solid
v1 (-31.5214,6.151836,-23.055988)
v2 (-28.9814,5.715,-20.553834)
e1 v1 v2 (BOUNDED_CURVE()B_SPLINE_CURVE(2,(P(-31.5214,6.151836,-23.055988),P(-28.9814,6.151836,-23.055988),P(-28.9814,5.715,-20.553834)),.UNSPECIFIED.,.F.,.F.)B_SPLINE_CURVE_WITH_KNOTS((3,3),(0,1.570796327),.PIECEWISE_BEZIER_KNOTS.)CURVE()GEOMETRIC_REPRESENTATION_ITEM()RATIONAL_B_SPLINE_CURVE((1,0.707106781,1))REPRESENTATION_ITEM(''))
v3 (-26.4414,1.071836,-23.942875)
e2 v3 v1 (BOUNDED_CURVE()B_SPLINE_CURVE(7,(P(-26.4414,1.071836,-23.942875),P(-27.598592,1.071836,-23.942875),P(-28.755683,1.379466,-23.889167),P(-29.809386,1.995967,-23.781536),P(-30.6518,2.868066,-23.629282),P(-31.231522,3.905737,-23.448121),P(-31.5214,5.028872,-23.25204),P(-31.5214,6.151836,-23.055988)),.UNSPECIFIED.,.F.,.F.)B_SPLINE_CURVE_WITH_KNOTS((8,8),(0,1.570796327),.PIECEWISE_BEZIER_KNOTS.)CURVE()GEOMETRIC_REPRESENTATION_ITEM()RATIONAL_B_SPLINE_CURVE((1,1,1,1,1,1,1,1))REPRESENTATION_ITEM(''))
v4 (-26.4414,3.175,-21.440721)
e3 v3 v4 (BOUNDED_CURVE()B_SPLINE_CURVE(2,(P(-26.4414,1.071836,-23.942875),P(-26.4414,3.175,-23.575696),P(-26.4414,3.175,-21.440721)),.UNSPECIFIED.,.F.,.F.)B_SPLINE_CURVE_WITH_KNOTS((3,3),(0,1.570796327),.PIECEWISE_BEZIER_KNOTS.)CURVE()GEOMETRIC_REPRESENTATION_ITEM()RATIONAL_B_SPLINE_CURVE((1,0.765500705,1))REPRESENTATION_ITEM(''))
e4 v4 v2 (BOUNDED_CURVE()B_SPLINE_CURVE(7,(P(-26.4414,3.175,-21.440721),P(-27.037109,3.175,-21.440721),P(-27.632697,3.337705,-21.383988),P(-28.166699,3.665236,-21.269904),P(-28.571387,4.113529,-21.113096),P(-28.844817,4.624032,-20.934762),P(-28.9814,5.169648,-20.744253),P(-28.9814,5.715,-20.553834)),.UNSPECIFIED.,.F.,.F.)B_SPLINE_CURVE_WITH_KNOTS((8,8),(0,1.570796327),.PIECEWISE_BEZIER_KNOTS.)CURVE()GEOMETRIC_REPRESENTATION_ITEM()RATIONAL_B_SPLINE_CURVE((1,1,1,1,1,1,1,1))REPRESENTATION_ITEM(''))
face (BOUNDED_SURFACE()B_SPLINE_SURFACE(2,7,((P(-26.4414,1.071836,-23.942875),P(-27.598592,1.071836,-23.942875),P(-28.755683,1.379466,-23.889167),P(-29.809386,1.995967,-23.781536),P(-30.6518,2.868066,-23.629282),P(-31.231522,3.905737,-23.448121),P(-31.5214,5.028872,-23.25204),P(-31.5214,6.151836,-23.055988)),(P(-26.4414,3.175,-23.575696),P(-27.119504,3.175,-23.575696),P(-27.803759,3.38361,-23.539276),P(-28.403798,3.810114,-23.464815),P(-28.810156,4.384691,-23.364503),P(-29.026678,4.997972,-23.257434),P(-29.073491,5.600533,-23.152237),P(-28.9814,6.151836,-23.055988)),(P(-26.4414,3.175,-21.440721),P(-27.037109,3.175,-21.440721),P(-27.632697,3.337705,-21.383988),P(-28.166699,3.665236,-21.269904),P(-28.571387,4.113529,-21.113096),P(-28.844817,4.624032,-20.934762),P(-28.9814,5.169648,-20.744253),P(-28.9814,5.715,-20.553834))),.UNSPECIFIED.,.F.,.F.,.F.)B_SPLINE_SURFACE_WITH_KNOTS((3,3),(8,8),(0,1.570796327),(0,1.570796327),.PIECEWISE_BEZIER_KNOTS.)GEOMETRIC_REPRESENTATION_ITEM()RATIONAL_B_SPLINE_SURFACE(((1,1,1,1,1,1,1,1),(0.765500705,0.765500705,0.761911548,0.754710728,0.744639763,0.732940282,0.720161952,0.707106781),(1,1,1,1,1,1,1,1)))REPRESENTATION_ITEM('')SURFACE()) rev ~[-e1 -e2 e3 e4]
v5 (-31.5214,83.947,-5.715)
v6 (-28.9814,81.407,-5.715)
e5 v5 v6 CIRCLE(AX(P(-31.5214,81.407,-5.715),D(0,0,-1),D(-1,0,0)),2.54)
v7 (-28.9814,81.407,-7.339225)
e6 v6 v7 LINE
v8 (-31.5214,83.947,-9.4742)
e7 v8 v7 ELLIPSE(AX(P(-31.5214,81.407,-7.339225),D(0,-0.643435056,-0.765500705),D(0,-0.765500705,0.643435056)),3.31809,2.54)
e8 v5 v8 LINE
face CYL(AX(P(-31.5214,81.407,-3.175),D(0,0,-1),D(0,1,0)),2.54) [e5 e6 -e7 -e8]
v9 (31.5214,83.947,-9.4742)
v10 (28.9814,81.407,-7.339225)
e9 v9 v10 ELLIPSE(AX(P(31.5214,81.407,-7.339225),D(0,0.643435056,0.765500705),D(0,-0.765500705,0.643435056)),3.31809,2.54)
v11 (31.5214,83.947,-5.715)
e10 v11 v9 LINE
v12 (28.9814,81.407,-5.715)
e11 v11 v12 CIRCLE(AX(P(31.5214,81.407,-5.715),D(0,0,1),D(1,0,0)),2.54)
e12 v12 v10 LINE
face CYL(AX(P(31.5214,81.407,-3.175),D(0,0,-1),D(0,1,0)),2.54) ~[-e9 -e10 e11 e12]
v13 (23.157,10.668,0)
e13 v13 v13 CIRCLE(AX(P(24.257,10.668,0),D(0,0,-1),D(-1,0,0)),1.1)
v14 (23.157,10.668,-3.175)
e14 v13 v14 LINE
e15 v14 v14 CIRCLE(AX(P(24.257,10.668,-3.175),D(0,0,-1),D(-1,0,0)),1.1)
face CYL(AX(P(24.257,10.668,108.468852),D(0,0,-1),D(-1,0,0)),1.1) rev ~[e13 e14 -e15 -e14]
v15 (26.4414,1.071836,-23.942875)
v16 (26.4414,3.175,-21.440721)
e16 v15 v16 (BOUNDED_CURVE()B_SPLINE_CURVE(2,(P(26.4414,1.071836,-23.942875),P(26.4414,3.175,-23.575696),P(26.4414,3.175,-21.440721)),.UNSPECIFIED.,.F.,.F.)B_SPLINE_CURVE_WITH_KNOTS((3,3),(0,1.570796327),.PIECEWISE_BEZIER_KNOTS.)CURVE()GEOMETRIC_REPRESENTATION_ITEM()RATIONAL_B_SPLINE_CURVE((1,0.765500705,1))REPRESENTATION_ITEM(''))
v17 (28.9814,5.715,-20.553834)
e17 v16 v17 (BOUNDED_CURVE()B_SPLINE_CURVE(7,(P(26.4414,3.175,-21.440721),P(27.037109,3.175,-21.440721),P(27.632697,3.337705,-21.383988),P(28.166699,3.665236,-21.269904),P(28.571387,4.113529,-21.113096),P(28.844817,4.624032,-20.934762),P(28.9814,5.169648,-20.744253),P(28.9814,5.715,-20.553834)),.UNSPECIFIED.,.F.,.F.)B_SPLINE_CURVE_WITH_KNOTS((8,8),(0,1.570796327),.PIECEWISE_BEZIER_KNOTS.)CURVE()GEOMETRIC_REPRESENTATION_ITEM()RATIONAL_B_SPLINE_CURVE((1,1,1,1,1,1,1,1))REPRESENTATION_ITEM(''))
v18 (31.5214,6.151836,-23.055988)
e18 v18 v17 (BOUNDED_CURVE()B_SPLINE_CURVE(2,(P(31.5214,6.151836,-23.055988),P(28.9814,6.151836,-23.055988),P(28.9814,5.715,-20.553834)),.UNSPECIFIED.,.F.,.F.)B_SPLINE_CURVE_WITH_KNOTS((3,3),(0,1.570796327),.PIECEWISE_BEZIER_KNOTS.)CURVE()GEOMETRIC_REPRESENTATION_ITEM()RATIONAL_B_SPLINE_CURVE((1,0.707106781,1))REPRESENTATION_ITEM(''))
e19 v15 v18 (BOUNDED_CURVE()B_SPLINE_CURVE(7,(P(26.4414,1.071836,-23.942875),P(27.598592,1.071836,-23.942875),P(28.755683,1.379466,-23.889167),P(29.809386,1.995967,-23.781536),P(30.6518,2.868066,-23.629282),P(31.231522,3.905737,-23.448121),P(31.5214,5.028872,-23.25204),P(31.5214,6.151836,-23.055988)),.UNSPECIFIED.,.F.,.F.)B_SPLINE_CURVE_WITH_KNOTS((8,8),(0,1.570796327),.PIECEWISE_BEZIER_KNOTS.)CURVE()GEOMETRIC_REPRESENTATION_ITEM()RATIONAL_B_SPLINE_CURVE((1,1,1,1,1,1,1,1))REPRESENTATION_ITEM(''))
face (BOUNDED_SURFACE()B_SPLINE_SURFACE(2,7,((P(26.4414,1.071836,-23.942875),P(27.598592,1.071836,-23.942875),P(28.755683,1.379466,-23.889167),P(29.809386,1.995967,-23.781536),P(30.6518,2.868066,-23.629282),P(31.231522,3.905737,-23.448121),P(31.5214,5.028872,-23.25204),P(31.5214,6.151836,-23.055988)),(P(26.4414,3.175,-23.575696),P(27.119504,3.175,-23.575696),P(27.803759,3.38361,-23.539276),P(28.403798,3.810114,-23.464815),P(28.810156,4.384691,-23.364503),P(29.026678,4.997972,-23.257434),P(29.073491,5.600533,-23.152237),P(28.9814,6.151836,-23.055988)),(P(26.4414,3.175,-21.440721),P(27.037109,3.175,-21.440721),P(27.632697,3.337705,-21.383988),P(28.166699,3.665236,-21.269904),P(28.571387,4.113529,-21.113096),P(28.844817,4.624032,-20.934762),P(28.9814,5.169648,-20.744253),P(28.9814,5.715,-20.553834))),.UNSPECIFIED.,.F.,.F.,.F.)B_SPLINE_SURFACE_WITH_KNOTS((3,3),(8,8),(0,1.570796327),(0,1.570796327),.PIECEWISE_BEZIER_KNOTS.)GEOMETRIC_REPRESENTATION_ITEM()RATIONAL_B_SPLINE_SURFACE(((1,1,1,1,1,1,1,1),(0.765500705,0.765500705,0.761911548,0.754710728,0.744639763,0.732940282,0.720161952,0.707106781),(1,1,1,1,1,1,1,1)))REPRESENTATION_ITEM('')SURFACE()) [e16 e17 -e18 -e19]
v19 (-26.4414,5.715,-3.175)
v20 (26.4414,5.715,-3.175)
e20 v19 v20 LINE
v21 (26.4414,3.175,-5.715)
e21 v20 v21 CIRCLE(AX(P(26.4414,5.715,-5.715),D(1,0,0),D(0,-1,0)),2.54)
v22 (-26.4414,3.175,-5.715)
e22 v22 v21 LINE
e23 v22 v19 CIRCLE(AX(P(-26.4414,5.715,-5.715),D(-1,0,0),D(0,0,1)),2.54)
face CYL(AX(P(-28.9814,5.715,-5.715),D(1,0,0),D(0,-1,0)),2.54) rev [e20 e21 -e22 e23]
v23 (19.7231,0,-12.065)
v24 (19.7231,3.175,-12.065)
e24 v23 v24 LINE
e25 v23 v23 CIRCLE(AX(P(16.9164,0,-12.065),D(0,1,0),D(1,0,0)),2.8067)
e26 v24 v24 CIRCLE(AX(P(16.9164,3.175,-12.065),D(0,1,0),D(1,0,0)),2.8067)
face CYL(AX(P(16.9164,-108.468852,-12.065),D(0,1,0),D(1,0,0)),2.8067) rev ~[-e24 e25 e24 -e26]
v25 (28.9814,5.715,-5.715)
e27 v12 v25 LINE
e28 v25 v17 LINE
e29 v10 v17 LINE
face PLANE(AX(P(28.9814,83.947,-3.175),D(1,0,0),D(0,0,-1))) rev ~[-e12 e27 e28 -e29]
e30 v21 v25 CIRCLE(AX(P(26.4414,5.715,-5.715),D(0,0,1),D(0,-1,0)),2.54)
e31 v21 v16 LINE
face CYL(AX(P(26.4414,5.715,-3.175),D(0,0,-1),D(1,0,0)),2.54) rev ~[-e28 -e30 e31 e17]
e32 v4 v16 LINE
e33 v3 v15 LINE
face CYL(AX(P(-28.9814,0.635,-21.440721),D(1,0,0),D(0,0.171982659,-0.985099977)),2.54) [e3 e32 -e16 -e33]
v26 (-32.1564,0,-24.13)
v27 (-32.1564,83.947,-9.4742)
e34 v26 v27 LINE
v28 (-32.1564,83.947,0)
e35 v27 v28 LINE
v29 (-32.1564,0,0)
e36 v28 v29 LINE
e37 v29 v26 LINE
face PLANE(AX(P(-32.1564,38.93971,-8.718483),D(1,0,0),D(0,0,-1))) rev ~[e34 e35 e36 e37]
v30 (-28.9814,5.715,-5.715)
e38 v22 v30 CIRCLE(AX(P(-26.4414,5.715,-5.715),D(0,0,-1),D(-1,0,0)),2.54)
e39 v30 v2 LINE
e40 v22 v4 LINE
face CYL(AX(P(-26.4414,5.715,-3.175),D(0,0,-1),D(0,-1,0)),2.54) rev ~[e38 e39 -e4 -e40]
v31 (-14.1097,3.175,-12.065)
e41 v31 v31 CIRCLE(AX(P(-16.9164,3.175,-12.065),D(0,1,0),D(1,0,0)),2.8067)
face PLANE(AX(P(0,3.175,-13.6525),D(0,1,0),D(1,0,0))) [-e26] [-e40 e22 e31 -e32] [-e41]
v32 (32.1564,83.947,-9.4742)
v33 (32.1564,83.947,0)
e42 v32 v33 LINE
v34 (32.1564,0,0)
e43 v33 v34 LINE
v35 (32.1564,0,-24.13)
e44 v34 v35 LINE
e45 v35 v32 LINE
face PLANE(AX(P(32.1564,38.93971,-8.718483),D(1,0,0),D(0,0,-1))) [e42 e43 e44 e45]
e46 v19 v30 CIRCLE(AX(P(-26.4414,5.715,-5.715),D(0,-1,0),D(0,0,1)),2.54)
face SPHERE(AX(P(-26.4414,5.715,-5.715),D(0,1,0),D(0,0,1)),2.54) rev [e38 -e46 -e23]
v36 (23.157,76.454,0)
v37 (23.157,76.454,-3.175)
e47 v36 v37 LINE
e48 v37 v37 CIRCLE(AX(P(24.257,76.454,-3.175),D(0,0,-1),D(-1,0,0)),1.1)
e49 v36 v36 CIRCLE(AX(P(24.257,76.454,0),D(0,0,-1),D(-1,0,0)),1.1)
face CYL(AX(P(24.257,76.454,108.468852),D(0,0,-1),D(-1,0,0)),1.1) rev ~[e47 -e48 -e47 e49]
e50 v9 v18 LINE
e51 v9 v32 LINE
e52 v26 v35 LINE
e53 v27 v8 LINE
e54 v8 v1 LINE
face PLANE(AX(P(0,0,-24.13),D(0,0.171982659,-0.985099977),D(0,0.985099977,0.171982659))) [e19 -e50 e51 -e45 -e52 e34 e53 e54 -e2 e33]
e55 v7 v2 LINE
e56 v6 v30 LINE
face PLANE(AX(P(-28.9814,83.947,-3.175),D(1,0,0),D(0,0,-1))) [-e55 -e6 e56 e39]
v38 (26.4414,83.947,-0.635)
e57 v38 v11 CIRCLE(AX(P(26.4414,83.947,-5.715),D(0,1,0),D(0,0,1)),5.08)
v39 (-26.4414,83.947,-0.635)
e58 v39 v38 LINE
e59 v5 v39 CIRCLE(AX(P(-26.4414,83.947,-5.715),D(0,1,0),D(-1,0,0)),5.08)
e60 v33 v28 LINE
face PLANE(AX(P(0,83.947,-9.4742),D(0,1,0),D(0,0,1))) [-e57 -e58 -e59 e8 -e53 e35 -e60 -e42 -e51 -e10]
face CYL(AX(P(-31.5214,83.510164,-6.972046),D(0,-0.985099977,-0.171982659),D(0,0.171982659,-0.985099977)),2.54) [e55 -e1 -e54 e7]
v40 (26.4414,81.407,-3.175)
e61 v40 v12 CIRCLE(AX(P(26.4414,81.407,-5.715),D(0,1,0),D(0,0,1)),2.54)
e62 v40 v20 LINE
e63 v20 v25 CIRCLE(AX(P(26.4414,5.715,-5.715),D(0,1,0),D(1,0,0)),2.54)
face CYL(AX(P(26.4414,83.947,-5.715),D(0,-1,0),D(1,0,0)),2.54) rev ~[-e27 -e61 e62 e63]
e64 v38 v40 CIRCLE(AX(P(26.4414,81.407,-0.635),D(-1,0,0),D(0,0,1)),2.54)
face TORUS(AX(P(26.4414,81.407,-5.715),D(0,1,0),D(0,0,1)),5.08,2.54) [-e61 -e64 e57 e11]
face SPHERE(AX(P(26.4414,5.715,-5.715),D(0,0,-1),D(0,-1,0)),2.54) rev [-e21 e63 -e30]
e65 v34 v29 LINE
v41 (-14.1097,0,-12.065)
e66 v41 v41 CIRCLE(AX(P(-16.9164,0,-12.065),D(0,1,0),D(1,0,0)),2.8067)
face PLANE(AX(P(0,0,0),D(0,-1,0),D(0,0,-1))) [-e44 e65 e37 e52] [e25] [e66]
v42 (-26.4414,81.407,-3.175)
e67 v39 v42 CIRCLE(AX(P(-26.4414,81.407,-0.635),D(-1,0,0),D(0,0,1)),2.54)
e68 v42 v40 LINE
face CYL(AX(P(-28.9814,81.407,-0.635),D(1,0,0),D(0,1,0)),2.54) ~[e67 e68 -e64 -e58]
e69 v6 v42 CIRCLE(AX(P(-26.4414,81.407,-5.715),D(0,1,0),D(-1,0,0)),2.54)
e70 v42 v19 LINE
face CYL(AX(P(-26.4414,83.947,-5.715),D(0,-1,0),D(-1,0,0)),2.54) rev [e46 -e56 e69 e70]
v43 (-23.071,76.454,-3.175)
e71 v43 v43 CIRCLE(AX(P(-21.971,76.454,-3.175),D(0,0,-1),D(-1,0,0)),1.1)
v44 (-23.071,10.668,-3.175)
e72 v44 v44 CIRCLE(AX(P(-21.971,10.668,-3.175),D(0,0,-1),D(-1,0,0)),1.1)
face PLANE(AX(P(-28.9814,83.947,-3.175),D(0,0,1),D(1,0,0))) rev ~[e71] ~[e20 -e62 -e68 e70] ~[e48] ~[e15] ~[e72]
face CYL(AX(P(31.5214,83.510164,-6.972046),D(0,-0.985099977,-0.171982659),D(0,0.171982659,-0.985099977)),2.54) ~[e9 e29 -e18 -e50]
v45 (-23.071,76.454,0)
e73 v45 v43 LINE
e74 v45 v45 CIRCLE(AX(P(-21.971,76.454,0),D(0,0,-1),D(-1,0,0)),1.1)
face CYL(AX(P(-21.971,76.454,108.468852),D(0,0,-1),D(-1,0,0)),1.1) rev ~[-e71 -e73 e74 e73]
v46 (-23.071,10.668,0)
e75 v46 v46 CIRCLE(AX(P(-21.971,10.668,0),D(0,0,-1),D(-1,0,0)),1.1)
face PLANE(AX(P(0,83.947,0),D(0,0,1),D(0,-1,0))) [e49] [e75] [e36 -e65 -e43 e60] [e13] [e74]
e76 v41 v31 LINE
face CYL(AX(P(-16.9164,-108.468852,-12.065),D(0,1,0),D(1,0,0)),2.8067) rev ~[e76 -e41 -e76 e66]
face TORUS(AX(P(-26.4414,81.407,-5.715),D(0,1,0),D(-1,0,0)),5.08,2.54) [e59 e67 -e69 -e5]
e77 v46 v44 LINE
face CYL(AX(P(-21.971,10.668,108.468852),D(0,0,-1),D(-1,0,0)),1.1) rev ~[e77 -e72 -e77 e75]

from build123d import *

# Parameters (mm, degrees)
BOSS_EXTRUDE1_DEPTH        = 32.1564
SKETCH2_W                  = 57.9628
SKETCH2_H                  = 20.955
CUT_EXTRUDE1_DEPTH         = 80.772
M2_CLEARANCE_HOLE1_D       = 2.2
F_2_0_221_DIAMETER_HOLE1_D = 5.6134
FILLET1_R                  = 2.54


with BuildPart() as part:
    # Sketch1 → Boss-Extrude1 (new body, symmetric)
    with BuildSketch(Plane(origin=(0, 0, 0), x_dir=(0, 0, -1), z_dir=(1, 0, 0))):
        Polygon((0, 0), (24.13, 0), (9.4742, 83.947), (0, 83.947), align=None)
    extrude(amount=BOSS_EXTRUDE1_DEPTH, both=True)

    # Sketch2 → Cut-Extrude1 (cut)
    with BuildSketch(Plane(origin=(0, 83.947, 0), x_dir=(1, 0, 0), z_dir=(0, 1, 0))):
        with Locations((0, 13.6525)):
            Rectangle(SKETCH2_W, SKETCH2_H)
    extrude(amount=-CUT_EXTRUDE1_DEPTH, mode=Mode.SUBTRACT)

    # M2 Clearance Hole1 (through all)
    with Locations(Plane.XY):
        with Locations((-21.971, 76.454), (24.257, 76.454), (24.257, 10.668), (-21.971, 10.668)):
            Hole(M2_CLEARANCE_HOLE1_D / 2)

    # #2 (0.221) Diameter Hole1 (through all)
    with Locations(Plane(origin=(0, 0, 0), x_dir=(-1, 0, 0), z_dir=(0, -1, 0))):
        with Locations((-16.9164, 12.065), (16.9164, 12.065)):
            Hole(F_2_0_221_DIAMETER_HOLE1_D / 2)

    # Fillet1
    fillet1_edges = [part.edges().sort_by_distance(p)[0] for p in [
        (0, 3.175, -23.575695915),
        (28.9814, 43.561, -16.524947958),
        (-28.9814, 43.561, -16.524947958),
        (-28.9814, 43.561, -3.175),
        (-28.9814, 83.947, -6.3246),
        (0, 83.947, -3.175),
        (28.9814, 83.947, -6.3246),
        (28.9814, 3.175, -13.375347958),
        (0, 3.175, -3.175),
        (-28.9814, 3.175, -13.375347958),
        (28.9814, 43.561, -3.175),
    ]]
    fillet(fillet1_edges, radius=FILLET1_R)


solid = part.part
